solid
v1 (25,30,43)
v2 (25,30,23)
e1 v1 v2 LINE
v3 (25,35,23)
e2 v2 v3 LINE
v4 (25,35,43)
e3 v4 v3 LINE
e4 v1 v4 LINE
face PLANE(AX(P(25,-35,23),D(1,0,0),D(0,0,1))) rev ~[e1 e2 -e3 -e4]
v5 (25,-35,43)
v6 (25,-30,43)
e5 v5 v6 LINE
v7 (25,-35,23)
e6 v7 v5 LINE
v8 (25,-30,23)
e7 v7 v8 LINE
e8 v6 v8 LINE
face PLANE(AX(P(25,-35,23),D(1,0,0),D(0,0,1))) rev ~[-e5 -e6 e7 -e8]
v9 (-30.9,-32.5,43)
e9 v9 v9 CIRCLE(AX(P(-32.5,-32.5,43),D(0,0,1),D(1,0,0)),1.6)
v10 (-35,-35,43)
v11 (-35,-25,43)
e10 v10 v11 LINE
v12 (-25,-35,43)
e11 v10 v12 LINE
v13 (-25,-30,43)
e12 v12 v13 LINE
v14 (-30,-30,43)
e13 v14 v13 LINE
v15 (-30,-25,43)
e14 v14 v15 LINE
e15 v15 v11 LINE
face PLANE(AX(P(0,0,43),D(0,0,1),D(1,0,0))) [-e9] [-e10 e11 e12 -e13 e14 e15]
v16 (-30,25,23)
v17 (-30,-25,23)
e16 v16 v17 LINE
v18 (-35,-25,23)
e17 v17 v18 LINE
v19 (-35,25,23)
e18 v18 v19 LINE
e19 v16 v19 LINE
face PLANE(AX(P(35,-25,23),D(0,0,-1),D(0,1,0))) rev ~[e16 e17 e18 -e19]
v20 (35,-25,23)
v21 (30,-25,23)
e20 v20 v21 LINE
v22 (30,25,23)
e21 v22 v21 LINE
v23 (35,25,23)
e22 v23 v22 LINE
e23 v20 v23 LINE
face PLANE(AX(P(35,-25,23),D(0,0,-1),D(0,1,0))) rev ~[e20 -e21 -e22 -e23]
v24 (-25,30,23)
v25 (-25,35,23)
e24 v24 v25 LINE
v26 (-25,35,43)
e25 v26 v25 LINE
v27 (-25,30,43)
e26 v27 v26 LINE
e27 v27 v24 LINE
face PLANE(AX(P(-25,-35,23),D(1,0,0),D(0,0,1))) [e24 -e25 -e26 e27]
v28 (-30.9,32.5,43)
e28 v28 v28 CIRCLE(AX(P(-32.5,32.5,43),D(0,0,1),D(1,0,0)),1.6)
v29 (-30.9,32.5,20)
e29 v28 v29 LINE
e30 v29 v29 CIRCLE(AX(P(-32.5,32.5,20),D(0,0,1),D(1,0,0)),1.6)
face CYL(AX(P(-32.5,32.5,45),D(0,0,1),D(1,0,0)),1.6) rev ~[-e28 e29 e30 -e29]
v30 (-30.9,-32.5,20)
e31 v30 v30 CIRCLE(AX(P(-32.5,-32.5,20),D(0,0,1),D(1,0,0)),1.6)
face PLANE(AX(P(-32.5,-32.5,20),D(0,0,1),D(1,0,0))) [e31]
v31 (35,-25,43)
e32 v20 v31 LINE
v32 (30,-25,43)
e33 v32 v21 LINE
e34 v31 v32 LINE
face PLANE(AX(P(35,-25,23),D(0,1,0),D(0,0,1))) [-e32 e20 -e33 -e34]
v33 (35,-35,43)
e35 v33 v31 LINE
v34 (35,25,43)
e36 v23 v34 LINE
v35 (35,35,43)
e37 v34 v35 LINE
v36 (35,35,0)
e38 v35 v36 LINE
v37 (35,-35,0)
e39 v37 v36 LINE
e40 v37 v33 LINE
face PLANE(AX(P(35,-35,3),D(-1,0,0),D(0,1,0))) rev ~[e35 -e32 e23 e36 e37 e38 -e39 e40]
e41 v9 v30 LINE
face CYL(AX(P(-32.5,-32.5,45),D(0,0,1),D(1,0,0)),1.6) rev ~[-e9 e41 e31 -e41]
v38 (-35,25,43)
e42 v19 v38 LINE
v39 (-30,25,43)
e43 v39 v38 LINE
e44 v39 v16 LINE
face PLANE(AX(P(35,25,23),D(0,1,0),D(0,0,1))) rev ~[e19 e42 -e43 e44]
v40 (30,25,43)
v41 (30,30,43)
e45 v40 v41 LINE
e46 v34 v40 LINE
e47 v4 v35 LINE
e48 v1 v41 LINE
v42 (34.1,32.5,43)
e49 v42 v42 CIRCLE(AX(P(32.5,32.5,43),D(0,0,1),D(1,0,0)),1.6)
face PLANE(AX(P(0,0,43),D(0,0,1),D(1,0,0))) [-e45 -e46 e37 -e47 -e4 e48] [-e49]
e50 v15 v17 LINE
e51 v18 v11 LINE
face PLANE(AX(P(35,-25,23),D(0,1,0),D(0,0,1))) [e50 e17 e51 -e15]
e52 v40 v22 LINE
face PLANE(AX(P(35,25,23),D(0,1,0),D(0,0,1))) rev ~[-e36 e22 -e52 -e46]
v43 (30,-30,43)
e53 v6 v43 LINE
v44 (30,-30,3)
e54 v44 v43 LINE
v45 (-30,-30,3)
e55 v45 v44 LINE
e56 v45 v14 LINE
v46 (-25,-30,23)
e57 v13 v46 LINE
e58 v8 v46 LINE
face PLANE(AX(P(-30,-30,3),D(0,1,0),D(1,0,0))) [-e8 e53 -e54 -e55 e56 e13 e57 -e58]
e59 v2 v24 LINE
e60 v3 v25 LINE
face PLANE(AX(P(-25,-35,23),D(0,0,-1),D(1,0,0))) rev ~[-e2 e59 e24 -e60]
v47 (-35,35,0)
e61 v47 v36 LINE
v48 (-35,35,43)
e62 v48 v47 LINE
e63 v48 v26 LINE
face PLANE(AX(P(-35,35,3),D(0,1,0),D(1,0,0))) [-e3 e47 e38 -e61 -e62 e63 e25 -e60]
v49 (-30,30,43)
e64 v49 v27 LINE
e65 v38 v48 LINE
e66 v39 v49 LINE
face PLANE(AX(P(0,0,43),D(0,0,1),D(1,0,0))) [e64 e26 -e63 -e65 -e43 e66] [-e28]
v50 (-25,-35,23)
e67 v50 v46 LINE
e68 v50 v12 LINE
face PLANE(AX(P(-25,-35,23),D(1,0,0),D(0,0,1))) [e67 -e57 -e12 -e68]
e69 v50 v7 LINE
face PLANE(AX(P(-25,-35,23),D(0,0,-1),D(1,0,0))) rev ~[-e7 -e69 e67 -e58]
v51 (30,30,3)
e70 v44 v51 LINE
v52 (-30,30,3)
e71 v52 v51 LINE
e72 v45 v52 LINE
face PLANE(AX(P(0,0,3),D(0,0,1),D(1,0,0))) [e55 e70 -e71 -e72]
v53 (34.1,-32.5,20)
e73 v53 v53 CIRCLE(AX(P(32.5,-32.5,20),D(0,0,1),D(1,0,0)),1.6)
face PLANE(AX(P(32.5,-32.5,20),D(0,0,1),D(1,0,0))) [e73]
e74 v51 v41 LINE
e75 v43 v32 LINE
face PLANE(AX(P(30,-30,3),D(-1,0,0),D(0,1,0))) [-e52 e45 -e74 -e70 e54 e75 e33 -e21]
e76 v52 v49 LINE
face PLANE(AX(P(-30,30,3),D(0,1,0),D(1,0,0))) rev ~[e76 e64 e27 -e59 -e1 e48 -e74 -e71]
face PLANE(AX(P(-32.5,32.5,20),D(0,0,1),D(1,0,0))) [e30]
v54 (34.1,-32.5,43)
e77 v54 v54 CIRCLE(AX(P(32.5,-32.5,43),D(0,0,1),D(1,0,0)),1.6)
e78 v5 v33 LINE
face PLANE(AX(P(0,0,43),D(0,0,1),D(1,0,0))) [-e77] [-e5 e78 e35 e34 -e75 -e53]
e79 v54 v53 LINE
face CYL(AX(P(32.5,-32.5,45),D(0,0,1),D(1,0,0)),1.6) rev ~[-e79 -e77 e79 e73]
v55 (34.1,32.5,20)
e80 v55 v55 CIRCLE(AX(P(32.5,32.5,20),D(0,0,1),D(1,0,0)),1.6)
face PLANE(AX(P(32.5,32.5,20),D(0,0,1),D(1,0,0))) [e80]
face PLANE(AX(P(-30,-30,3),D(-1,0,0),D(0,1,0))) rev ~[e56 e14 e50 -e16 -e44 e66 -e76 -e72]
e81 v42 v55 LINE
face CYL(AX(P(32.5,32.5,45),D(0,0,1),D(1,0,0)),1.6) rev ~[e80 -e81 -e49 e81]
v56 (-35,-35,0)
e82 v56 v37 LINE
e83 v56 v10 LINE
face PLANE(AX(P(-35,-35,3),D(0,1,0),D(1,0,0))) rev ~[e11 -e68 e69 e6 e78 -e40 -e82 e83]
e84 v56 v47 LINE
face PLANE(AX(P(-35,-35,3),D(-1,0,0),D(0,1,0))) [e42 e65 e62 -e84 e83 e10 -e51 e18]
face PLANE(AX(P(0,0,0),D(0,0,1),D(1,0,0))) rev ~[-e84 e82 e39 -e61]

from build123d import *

# Parameters (mm, degrees)
F0_W      = 70
F0_H      = 70
F0_W_2    = 60
F0_H_2    = 60
F1_DEPTH  = 3
F2_W      = 70
F2_H      = 70
F2_W_2    = 60
F2_H_2    = 60
F3_DEPTH  = 40
F4_W      = 50
F4_H      = 20
F5_DEPTH  = 71
F6_W      = 50
F6_H      = 20
F7_DEPTH  = 70
F11_R     = 1.6
F12_DEPTH = 25


with BuildPart() as f1:
    # F0 (on Top) → F1 (new body)
    with BuildSketch(Plane.XY):
        Rectangle(F0_W, F0_H)
        Rectangle(F0_W_2, F0_H_2, mode=Mode.SUBTRACT)
        Rectangle(F0_W_2, F0_H_2)
    extrude(amount=F1_DEPTH)

    # F2 (on face) → F3 (join)
    with BuildSketch(Plane.XY.offset(3)):
        Rectangle(F2_W, F2_H)
        Rectangle(F2_W_2, F2_H_2, mode=Mode.SUBTRACT)
    extrude(amount=F3_DEPTH)

    # F4 (on face) → F5 (cut)
    with BuildSketch(Plane.XZ.offset(35)):
        with Locations((0, 33)):
            Rectangle(F4_W, F4_H)
    extrude(amount=-F5_DEPTH, mode=Mode.SUBTRACT)

    # F6 (on face) → F7 (cut)
    with BuildSketch(Plane.YZ.offset(35)):
        with Locations((0, 33)):
            Rectangle(F6_W, F6_H)
    extrude(amount=-F7_DEPTH, mode=Mode.SUBTRACT)

    # F11 (on offset) → F12 (cut)
    with BuildSketch(Plane.XY.offset(45)):
        with Locations((32.5, 32.5)):
            Circle(F11_R)
        with Locations((32.5, -32.5)):
            Circle(F11_R)
        with Locations((-32.5, 32.5)):
            Circle(F11_R)
        with Locations((-32.5, -32.5)):
            Circle(F11_R)
    extrude(amount=-F12_DEPTH, mode=Mode.SUBTRACT)


solid = f1.part
